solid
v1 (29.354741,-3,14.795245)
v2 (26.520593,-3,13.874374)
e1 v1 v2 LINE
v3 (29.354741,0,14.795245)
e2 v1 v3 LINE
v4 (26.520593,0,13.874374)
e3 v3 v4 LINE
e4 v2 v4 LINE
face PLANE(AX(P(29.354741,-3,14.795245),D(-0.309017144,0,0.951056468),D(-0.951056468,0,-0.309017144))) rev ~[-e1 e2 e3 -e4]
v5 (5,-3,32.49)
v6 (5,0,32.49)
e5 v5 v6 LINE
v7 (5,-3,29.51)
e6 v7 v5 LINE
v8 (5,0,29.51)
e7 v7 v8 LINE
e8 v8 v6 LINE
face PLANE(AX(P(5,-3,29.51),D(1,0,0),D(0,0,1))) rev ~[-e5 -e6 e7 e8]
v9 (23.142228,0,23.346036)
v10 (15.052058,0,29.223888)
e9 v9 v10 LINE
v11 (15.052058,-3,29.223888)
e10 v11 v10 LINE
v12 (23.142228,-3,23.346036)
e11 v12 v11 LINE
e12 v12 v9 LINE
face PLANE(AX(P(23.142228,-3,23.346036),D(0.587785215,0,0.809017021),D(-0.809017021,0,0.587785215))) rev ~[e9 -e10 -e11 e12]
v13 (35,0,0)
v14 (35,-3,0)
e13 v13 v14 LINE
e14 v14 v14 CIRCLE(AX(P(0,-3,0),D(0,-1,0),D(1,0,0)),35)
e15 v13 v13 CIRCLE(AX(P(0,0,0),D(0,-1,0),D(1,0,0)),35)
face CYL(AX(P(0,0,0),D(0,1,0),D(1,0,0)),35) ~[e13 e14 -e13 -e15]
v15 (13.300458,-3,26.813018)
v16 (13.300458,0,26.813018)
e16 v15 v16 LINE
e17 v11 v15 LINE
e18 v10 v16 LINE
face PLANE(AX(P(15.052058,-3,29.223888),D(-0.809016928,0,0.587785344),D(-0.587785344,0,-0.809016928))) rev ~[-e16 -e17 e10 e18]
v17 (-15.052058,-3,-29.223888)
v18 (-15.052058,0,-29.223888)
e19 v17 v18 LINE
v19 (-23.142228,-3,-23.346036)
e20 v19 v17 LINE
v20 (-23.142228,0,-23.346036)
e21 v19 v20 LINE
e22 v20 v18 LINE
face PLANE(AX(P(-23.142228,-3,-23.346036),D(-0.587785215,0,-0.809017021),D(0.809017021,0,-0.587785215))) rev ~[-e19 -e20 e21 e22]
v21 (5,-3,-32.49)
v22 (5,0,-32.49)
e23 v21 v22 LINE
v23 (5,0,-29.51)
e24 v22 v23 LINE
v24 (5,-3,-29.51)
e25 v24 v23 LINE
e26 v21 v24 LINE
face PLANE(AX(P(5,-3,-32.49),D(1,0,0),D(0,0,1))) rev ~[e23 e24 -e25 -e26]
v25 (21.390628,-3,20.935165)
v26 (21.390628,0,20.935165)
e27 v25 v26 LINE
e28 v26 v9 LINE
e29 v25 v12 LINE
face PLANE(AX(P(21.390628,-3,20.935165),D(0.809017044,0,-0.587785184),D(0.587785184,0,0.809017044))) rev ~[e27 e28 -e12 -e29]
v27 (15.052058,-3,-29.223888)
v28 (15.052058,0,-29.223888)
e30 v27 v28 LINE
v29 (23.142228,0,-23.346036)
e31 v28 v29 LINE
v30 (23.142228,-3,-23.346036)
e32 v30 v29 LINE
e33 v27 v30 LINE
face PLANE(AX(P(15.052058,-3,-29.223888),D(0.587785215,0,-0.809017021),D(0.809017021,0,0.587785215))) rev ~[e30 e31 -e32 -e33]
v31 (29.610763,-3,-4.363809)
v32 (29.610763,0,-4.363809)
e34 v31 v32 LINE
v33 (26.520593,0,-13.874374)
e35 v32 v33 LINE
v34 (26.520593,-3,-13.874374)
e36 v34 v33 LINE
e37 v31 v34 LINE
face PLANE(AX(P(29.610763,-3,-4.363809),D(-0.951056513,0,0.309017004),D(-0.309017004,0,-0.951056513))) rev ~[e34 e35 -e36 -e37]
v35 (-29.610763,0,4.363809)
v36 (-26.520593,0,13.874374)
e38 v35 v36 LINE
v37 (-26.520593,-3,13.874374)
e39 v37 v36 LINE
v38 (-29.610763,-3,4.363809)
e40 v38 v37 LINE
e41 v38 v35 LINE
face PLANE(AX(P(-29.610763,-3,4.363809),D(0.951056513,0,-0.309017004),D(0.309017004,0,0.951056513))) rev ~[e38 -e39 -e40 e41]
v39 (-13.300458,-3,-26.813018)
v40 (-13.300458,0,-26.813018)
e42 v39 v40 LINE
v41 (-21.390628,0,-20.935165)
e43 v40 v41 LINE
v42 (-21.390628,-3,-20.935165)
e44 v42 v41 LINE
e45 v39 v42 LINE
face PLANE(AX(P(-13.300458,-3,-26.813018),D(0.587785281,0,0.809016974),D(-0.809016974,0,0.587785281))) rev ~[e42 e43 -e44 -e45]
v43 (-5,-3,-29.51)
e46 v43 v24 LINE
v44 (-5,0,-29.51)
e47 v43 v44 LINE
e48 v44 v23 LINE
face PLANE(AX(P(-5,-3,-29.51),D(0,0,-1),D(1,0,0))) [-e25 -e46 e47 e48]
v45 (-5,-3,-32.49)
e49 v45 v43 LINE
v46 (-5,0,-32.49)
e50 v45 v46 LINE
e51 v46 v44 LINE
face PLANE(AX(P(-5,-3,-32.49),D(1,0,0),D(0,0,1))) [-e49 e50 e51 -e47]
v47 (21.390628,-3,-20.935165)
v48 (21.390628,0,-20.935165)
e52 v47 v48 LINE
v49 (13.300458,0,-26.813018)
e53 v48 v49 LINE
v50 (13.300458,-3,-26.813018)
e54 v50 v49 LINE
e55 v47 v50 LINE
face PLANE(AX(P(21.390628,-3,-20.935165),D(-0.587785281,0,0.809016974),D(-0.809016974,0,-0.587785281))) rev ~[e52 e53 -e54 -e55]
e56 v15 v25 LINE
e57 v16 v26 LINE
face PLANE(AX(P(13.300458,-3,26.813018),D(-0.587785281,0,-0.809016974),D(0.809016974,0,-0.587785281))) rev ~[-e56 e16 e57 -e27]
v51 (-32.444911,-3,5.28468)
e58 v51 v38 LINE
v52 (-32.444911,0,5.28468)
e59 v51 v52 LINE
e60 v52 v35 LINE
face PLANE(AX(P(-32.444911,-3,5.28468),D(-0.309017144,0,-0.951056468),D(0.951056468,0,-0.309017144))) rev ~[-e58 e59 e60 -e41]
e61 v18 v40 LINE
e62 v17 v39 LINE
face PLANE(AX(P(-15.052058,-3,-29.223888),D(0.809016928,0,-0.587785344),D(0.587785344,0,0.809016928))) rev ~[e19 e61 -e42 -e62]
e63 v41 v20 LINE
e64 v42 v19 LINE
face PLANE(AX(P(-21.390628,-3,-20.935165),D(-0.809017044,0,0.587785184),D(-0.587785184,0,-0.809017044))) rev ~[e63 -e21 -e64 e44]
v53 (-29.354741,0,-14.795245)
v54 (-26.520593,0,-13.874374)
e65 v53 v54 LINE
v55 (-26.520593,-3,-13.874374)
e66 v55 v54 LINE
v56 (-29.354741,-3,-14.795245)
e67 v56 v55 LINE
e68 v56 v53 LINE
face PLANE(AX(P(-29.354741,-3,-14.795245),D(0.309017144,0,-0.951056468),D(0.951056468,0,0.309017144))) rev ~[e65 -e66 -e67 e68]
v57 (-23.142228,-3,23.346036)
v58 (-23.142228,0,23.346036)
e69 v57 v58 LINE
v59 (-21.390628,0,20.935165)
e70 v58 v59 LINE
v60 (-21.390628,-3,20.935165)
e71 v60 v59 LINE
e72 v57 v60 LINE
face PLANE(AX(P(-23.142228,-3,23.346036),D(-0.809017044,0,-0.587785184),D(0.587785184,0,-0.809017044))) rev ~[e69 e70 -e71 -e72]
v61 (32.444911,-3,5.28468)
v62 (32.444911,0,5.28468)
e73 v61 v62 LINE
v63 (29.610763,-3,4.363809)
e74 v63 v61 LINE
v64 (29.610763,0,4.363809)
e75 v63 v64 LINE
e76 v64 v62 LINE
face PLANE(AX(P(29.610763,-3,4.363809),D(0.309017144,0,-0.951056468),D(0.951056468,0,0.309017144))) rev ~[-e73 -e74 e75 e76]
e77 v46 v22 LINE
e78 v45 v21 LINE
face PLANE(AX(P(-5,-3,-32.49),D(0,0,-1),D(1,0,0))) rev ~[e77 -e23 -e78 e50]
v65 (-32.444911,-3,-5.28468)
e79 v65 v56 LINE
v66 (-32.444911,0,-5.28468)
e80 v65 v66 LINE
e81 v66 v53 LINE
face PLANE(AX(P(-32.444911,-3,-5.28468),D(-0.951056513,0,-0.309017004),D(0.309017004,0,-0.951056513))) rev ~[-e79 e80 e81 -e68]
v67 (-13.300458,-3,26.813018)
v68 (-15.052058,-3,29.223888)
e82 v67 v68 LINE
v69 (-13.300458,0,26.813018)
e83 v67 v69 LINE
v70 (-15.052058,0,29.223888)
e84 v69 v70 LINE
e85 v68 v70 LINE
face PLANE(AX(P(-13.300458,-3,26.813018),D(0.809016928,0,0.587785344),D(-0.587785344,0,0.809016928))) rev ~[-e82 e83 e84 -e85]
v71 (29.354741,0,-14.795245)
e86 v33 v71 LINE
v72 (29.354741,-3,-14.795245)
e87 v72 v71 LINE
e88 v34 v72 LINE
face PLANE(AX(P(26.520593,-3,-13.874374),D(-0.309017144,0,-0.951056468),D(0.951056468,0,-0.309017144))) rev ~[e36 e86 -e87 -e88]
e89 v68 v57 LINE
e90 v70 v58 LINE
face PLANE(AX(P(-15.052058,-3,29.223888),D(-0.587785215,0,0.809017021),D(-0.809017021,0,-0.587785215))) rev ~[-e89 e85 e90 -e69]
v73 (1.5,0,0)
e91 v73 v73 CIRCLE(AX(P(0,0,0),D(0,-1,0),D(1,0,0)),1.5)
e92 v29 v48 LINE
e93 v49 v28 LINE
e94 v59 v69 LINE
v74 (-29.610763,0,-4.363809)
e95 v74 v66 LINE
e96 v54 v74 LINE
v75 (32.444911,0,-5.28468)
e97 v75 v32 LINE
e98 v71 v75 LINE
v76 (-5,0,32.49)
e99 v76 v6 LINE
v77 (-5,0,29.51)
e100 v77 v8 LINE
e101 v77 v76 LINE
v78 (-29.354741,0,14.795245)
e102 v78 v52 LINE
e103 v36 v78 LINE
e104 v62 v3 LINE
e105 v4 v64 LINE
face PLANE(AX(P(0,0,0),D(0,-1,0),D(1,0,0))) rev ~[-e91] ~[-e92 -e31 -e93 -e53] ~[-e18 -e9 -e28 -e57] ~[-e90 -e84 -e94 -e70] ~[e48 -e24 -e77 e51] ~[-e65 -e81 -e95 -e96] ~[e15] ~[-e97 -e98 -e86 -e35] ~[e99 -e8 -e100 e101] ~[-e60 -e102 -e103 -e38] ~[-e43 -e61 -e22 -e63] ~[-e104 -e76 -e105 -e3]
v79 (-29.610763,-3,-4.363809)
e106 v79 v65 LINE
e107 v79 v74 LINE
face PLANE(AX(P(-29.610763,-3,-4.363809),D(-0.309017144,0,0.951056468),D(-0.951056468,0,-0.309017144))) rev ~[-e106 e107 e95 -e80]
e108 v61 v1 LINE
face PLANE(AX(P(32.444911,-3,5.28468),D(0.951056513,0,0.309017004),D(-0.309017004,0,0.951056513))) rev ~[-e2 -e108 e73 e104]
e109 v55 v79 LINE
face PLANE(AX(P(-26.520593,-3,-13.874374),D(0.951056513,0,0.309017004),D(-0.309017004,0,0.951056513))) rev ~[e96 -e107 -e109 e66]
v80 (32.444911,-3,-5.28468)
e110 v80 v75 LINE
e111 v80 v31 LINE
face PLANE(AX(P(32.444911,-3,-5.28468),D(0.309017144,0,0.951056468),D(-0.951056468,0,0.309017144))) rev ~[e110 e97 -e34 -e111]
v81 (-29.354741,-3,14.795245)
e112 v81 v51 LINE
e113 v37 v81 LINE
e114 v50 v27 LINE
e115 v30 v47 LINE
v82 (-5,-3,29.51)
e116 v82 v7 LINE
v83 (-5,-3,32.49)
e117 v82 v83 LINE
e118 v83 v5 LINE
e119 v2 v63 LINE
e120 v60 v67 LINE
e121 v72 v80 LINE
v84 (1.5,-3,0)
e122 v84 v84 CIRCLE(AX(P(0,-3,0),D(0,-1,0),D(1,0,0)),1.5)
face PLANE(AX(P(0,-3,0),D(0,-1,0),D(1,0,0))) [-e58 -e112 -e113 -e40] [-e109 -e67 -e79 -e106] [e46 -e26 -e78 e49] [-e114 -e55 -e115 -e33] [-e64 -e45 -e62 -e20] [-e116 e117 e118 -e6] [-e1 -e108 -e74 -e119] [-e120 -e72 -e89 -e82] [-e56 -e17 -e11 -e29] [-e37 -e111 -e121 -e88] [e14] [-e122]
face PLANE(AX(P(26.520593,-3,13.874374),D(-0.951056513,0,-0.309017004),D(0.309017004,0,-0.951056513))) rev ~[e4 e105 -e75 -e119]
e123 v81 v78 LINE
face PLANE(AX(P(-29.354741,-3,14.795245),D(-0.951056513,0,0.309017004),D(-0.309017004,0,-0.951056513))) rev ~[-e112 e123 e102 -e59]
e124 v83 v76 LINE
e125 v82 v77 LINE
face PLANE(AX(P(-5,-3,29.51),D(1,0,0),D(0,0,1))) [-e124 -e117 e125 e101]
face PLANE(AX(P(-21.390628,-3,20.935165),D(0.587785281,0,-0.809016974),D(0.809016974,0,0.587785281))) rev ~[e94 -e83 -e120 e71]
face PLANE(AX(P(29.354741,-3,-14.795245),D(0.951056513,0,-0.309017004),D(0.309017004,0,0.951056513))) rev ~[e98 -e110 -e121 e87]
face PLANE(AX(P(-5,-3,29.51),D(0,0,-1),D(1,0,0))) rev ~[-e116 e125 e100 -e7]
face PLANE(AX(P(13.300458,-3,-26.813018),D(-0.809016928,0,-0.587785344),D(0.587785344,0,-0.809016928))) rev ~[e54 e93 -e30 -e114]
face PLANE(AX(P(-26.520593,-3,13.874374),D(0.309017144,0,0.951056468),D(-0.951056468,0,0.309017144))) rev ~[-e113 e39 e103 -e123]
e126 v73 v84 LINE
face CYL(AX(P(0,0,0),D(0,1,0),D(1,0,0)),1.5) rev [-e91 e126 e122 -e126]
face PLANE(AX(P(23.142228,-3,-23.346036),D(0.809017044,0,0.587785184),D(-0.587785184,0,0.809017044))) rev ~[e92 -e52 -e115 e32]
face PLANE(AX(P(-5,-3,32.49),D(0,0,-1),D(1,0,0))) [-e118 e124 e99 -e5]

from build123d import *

# Parameters (mm, degrees)
F0_R     = 35
F0_R_2   = 1.5
F1_DEPTH = 3
F2_W     = 10
F2_H     = 2.98
F3_DEPTH = 25


with BuildPart() as f1:
    # F0 (on Front) → F1 (new body)
    with BuildSketch(Plane.XZ):
        Circle(F0_R)
        Circle(F0_R_2, mode=Mode.SUBTRACT)
    extrude(amount=F1_DEPTH)

    # F2 (on face) → F3 (cut)
    with BuildSketch(Plane.XZ.offset(3)):
        with Locations((0, -31)):
            Rectangle(F2_W, F2_H)
        Polygon((23.142228, -23.346036), (21.390628, -20.935165), (13.300458, -26.813018), (15.052058, -29.223888), align=None)
        Polygon((32.444911, -5.28468), (29.610763, -4.363809), (26.520593, -13.874374), (29.354741, -14.795245), align=None)
        Polygon((29.354741, 14.795245), (26.520593, 13.874374), (29.610763, 4.363809), (32.444911, 5.28468), align=None)
        Polygon((15.052058, 29.223888), (13.300458, 26.813018), (21.390628, 20.935165), (23.142228, 23.346036), align=None)
        with Locations((0, 31)):
            Rectangle(F2_W, F2_H)
        Polygon((-23.142228, 23.346036), (-21.390628, 20.935165), (-13.300458, 26.813018), (-15.052058, 29.223888), align=None)
        Polygon((-32.444911, 5.28468), (-29.610763, 4.363809), (-26.520593, 13.874374), (-29.354741, 14.795245), align=None)
        Polygon((-29.354741, -14.795245), (-26.520593, -13.874374), (-29.610763, -4.363809), (-32.444911, -5.28468), align=None)
        Polygon((-15.052058, -29.223888), (-13.300458, -26.813018), (-21.390628, -20.935165), (-23.142228, -23.346036), align=None)
    extrude(amount=-F3_DEPTH, mode=Mode.SUBTRACT)


solid = f1.part
